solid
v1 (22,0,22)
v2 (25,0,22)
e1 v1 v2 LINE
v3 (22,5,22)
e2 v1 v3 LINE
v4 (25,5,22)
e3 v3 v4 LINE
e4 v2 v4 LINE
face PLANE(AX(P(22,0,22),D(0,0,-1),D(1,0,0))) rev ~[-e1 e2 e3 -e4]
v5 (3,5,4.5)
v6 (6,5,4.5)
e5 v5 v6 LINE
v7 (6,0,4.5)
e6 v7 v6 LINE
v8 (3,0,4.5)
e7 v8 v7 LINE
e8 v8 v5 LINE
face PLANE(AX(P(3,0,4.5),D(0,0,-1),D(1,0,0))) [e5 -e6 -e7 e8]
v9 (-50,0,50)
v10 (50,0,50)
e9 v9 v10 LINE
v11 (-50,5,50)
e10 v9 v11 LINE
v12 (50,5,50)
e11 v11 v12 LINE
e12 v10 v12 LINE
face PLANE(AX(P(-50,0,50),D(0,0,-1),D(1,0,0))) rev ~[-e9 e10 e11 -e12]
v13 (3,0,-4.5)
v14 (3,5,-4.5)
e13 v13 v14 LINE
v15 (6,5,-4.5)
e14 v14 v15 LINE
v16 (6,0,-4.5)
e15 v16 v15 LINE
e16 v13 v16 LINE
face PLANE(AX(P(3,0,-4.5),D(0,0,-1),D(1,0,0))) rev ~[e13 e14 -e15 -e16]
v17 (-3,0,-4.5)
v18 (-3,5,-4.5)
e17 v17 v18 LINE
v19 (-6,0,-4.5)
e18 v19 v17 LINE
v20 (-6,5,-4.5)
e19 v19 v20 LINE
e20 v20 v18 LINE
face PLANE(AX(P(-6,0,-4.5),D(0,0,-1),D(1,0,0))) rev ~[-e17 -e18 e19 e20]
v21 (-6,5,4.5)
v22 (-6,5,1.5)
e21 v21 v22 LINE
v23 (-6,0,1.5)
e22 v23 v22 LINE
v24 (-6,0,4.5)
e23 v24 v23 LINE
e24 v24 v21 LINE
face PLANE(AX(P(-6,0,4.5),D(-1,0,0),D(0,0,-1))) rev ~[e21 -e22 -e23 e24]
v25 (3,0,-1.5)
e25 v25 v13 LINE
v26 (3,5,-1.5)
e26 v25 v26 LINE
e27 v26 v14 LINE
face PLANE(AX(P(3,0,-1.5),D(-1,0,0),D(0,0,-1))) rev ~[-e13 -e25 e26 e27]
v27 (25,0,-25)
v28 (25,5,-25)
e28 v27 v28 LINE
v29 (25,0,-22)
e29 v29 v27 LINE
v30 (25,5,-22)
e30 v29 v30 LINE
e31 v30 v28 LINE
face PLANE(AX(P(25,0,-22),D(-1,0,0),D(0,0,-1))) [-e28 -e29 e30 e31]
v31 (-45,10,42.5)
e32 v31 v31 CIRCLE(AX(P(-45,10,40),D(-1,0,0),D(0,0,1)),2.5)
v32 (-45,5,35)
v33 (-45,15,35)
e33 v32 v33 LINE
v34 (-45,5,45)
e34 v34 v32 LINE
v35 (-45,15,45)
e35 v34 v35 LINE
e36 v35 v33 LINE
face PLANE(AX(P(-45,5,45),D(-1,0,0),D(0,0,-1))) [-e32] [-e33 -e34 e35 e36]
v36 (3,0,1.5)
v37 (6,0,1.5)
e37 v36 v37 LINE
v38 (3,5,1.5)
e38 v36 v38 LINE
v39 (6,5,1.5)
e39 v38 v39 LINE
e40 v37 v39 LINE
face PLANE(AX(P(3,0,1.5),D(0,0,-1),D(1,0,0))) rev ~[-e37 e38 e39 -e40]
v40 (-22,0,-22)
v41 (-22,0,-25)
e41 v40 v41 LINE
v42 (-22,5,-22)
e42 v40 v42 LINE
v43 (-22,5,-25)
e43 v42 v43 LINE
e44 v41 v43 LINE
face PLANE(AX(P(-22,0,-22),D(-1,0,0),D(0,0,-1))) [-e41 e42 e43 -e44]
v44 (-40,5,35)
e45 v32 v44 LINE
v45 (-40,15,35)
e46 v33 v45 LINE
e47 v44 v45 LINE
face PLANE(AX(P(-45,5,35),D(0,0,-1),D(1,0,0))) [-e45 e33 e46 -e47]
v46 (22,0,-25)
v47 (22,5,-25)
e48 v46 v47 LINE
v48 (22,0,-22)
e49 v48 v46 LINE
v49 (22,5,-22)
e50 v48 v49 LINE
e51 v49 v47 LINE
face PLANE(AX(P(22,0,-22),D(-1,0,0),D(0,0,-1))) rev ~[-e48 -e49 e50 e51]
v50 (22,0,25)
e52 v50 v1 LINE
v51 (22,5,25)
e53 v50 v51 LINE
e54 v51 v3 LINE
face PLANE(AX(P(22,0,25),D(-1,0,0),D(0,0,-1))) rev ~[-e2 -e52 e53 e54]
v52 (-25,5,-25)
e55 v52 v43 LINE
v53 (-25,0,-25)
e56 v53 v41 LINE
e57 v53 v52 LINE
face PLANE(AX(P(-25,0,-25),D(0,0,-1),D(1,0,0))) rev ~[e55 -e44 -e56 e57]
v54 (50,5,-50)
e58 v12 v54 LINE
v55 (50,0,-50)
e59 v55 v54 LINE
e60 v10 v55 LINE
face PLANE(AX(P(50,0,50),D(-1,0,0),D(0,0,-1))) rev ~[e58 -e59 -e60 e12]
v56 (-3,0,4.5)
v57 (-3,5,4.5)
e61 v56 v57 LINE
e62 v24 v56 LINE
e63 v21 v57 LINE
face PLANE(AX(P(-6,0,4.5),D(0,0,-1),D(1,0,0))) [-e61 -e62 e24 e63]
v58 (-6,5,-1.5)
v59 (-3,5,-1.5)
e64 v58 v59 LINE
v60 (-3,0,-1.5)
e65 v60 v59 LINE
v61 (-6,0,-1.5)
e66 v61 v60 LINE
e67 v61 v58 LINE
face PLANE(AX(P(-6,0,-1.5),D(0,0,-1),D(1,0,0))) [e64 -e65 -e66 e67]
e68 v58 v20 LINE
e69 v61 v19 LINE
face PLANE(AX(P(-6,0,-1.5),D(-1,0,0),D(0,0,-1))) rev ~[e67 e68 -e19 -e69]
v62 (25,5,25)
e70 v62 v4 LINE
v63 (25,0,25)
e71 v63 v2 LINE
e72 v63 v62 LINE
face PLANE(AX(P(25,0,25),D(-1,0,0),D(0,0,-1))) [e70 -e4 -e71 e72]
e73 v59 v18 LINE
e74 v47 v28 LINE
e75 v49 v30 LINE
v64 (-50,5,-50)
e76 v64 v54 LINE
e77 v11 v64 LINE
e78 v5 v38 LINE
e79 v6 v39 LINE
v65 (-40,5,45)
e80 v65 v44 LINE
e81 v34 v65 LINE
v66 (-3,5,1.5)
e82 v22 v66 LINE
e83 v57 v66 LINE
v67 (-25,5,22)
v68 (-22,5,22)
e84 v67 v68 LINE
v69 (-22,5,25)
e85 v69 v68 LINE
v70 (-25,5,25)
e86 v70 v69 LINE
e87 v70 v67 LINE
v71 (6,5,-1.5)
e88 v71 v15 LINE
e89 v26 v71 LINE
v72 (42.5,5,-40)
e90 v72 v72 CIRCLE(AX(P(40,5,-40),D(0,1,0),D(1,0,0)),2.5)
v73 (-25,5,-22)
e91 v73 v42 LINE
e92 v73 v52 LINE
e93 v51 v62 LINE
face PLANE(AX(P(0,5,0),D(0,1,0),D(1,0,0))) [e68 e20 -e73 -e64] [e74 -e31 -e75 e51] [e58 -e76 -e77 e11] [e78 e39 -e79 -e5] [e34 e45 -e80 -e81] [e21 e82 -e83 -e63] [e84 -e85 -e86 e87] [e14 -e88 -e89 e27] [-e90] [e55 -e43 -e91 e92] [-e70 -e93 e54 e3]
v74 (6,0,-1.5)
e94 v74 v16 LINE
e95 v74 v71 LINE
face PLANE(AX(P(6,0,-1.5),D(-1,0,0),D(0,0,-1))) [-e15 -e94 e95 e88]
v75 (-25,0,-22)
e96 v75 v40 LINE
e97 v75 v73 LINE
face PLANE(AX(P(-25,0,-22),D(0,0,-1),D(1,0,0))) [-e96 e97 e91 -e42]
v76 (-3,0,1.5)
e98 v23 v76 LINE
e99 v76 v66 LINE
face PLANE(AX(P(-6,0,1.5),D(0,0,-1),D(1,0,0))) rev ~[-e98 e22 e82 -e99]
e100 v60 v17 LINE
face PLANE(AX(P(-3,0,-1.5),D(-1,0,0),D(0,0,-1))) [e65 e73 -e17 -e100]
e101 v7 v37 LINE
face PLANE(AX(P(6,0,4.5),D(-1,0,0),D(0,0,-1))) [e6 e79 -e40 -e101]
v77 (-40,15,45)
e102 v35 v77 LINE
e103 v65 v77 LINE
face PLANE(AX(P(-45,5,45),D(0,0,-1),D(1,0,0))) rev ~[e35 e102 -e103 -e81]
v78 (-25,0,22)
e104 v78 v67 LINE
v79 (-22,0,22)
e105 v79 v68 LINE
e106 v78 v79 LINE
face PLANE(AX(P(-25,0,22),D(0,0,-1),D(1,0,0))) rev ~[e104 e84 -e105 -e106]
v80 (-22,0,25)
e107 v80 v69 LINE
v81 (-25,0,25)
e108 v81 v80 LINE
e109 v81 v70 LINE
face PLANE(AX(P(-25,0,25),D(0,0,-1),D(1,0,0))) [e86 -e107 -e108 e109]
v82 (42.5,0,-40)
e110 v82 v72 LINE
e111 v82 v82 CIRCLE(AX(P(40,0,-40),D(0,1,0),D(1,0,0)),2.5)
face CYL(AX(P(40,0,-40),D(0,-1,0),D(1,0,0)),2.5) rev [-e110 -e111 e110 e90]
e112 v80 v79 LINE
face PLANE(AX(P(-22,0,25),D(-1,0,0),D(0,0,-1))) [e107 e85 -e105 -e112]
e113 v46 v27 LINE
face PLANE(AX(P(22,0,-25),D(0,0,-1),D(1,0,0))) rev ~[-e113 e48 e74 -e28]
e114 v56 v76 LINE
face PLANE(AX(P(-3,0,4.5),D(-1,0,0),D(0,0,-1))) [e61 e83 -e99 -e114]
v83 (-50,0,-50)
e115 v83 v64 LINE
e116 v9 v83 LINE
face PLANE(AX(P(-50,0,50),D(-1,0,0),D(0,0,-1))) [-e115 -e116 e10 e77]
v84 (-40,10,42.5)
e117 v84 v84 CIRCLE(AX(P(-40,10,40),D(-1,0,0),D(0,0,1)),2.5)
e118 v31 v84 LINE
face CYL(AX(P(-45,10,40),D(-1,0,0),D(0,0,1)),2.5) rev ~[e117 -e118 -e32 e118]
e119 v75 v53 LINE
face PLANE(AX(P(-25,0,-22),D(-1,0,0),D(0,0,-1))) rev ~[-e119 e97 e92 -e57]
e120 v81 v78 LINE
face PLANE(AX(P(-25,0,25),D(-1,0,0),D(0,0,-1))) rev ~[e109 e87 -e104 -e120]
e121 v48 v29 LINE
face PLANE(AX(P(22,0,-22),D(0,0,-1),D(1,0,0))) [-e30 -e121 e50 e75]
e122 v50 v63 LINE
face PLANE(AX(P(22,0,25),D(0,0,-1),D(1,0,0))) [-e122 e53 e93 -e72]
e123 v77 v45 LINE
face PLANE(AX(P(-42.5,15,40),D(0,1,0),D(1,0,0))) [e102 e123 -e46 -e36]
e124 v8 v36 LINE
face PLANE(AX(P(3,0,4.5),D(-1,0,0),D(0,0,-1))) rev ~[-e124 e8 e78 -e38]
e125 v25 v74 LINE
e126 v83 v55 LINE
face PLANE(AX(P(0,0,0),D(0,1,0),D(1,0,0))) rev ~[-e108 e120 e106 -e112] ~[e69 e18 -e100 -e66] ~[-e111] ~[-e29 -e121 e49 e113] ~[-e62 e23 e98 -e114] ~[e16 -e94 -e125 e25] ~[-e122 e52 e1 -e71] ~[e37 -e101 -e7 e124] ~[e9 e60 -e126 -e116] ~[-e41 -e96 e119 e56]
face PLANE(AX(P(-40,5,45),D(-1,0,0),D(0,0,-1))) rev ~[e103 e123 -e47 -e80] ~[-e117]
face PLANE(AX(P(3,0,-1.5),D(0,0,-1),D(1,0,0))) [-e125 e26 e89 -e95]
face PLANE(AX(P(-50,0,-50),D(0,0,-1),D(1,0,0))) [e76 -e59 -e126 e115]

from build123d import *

# Parameters (mm, degrees)
SKETCH1_W           = 100
SKETCH1_H           = 100
SKETCH1_R           = 2.5
SKETCH1_W_2         = 3
SKETCH1_H_2         = 3
BOSS_EXTRUDE1_DEPTH = 5
SKETCH4_W           = 5
SKETCH4_H           = 10
BOSS_EXTRUDE2_DEPTH = 10
SKETCH5_R           = 2.5
CUT_EXTRUDE1_DEPTH  = 15


with BuildPart() as part:
    # Sketch1 → Boss-Extrude1 (new body)
    with BuildSketch(Plane(origin=(0, 0, 0), x_dir=(1, 0, 0), z_dir=(0, 1, 0))):
        Rectangle(SKETCH1_W, SKETCH1_H)
        with Locations((40, 40)):
            Circle(SKETCH1_R, mode=Mode.SUBTRACT)
        with Locations((-23.5, 23.5)):
            Rectangle(SKETCH1_W_2, SKETCH1_H_2, mode=Mode.SUBTRACT)
        with Locations((23.5, 23.5)):
            Rectangle(SKETCH1_W_2, SKETCH1_H_2, mode=Mode.SUBTRACT)
        with Locations((23.5, -23.5)):
            Rectangle(SKETCH1_W_2, SKETCH1_H_2, mode=Mode.SUBTRACT)
        with Locations((-23.5, -23.5)):
            Rectangle(SKETCH1_W_2, SKETCH1_H_2, mode=Mode.SUBTRACT)
        with Locations((4.5, 3)):
            Rectangle(SKETCH1_W_2, SKETCH1_H_2, mode=Mode.SUBTRACT)
        with Locations((-4.5, 3)):
            Rectangle(SKETCH1_W_2, SKETCH1_H_2, mode=Mode.SUBTRACT)
        with Locations((4.5, -3)):
            Rectangle(SKETCH1_W_2, SKETCH1_H_2, mode=Mode.SUBTRACT)
        with Locations((-4.5, -3)):
            Rectangle(SKETCH1_W_2, SKETCH1_H_2, mode=Mode.SUBTRACT)
    extrude(amount=BOSS_EXTRUDE1_DEPTH)

    # Sketch4 → Boss-Extrude2 (add)
    with BuildSketch(Plane(origin=(0, 5, 0), x_dir=(1, 0, 0), z_dir=(0, 1, 0))):
        with Locations((-42.5, -40)):
            Rectangle(SKETCH4_W, SKETCH4_H)
    extrude(amount=BOSS_EXTRUDE2_DEPTH)

    # Sketch5 → Cut-Extrude1 (cut)
    with BuildSketch(Plane.ZY.offset(45)):
        with Locations((40, 10)):
            Circle(SKETCH5_R)
    extrude(amount=-CUT_EXTRUDE1_DEPTH, mode=Mode.SUBTRACT)


solid = part.part
